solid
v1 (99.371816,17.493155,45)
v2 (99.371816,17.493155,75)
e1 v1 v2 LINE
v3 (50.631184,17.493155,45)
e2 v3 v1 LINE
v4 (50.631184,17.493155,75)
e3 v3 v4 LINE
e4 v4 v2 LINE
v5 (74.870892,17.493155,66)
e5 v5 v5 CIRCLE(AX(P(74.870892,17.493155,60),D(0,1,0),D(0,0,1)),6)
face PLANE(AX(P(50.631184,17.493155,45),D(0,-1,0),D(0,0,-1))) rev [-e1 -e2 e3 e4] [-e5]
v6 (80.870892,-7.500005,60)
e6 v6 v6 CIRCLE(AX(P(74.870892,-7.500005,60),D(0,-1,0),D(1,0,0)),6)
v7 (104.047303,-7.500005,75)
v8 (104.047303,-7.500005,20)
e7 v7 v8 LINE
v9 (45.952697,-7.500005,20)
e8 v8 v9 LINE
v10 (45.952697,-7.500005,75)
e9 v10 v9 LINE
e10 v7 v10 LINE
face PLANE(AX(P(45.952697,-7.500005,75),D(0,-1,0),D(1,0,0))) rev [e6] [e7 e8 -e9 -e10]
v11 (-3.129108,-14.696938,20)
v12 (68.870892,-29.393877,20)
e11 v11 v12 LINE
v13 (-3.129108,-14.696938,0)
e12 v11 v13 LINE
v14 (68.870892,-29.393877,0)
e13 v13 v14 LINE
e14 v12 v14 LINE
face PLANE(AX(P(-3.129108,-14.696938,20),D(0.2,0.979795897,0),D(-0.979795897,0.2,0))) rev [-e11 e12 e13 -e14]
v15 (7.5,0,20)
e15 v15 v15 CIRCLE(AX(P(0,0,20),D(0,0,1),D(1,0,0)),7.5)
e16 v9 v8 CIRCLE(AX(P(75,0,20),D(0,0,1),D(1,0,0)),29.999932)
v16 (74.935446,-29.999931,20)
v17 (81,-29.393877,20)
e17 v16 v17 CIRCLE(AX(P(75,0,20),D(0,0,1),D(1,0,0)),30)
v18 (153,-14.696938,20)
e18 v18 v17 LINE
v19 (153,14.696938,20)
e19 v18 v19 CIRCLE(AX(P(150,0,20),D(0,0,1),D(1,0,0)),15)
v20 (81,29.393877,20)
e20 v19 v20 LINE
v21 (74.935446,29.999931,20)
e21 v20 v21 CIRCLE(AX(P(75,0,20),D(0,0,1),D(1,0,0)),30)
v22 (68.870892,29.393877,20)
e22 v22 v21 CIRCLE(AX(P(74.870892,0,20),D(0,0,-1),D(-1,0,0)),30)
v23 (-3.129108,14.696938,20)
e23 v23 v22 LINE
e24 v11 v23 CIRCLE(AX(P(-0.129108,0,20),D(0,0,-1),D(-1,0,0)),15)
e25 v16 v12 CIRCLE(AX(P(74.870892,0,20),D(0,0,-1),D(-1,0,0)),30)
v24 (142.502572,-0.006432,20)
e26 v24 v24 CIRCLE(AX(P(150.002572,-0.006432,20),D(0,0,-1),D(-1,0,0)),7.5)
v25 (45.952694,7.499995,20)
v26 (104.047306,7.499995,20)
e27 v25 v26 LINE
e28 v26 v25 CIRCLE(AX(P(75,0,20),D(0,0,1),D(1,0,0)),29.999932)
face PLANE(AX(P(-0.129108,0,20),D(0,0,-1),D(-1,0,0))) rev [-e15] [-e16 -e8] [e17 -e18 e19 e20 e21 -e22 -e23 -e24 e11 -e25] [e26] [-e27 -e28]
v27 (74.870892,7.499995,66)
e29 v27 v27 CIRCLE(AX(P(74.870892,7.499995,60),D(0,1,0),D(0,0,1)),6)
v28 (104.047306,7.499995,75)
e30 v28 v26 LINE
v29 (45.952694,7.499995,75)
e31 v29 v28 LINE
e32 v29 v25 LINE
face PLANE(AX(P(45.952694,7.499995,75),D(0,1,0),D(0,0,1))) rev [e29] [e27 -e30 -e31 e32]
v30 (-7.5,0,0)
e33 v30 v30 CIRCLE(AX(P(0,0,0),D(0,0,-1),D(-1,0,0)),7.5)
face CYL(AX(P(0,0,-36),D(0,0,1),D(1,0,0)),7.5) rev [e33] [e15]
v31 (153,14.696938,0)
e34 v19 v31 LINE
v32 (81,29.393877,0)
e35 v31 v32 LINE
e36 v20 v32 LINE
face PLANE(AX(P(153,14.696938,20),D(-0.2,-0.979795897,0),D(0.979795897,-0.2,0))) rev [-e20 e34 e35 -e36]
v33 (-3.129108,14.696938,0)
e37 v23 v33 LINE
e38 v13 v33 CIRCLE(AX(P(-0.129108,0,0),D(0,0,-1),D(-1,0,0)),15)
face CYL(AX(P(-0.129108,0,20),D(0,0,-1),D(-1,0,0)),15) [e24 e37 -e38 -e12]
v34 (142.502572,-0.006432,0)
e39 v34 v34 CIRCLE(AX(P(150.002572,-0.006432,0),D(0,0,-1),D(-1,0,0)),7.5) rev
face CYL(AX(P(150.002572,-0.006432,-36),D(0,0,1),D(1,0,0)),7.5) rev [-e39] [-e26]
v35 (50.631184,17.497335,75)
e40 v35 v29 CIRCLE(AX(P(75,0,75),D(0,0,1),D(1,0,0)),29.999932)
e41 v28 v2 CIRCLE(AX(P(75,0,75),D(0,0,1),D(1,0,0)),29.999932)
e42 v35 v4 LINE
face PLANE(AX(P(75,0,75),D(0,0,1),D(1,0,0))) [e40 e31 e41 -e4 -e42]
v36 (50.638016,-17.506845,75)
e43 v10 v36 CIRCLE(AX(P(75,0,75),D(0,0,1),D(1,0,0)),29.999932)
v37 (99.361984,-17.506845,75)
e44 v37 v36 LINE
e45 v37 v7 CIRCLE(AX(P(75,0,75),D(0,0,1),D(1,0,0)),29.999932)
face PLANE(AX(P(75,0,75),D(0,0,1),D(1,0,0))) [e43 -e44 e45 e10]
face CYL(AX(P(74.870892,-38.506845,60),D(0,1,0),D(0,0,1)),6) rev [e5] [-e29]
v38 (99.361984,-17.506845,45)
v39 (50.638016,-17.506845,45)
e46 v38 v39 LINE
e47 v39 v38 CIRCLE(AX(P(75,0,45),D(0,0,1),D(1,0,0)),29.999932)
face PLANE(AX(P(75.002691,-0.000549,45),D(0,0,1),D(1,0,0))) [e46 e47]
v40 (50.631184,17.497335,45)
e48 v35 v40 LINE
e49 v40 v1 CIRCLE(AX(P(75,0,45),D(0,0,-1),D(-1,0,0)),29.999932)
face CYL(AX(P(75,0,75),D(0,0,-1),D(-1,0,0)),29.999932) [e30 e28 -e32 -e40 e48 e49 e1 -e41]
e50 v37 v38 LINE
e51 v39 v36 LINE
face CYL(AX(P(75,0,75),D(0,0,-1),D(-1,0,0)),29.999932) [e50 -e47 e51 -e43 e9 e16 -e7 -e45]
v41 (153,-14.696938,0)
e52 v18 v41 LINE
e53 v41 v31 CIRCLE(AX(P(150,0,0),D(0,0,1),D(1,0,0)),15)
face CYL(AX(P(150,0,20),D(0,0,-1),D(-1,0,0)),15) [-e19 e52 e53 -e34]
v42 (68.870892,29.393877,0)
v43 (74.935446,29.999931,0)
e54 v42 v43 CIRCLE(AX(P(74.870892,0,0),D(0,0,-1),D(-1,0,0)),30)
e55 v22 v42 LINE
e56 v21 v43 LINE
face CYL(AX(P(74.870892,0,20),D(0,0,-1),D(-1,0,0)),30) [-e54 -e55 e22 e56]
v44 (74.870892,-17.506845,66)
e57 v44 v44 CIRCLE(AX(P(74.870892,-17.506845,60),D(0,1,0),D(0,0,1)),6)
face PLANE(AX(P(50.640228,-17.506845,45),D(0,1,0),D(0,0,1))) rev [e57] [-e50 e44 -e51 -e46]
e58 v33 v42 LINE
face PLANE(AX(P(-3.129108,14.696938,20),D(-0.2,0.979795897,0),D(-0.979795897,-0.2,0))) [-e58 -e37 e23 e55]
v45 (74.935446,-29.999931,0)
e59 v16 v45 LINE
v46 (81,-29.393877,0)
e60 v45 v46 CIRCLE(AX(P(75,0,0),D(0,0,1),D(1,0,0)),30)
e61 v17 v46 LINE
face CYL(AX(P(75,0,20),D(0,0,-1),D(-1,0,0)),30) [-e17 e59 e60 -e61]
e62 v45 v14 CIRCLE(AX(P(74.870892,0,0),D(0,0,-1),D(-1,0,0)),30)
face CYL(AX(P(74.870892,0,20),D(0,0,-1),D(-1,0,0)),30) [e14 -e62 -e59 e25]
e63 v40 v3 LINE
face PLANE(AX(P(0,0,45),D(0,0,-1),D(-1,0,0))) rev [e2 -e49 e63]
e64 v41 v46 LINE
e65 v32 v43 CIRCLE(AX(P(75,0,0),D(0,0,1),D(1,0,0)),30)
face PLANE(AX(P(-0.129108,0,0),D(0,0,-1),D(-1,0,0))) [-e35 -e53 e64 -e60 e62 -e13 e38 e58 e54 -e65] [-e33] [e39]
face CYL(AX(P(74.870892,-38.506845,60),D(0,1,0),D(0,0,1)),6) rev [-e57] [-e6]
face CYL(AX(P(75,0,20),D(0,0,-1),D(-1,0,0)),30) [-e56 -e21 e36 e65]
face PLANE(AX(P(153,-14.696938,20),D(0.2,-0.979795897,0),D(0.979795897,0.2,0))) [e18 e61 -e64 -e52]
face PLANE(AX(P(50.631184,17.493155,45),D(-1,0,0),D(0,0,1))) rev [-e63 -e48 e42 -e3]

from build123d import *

# Parameters (mm, degrees)
SALIENTE_EXTRUIR1_DEPTH = 20
SALIENTE_EXTRUIR3_DEPTH = 55
CROQUIS9_W              = 48.743012572
CROQUIS9_H              = 22.844992385
CORTAR_EXTRUIR5_DEPTH   = 30
CROQUIS11_W             = 28.584477621
CROQUIS11_H             = 21.028069647
CORTAR_EXTRUIR6_DEPTH   = 30
CROQUIS12_R             = 6
CORTAR_EXTRUIR7_DEPTH   = 56
CROQUIS13_R             = 7.5
CORTAR_EXTRUIR8_DEPTH   = 56


with BuildPart() as part:
    # Croquis1 → Saliente-Extruir1 (new body)
    with BuildSketch(Plane.XY):
        with BuildLine():
            Line((153, 14.696938457), (81, 29.393876913))
            ThreePointArc((81, 29.393876913), (77.983153613, 29.851311437), (74.935446142, 29.999930547))
            ThreePointArc((74.935446142, 29.999930547), (71.887738672, 29.851311437), (68.870892285, 29.393876913))
            Line((68.870892285, 29.393876913), (-3.129107715, 14.696938457))
            ThreePointArc((-3.129107715, 14.696938457), (-15.129107715, 0), (-3.129107715, -14.696938457))
            Line((-3.129107715, -14.696938457), (68.870892285, -29.393876913))
            ThreePointArc((68.870892285, -29.393876913), (71.887738672, -29.851311437), (74.935446142, -29.999930547))
            ThreePointArc((74.935446142, -29.999930547), (77.983153613, -29.851311437), (81, -29.393876913))
            Line((81, -29.393876913), (153, -14.696938457))
            ThreePointArc((153, -14.696938457), (165, 0), (153, 14.696938457))
        make_face()
    extrude(amount=SALIENTE_EXTRUIR1_DEPTH)

    # Croquis3 → Saliente-Extruir3 (add)
    with BuildSketch(Plane.XY.offset(20)):
        with BuildLine():
            Line((45.952694142, 7.499995172), (104.047305858, 7.499995172))
            ThreePointArc((104.047305858, 7.499995172), (75, 29.999931754), (45.952694142, 7.499995172))
        make_face()
        with BuildLine():
            Line((45.952696635, -7.500004828), (104.047303365, -7.500004828))
            ThreePointArc((104.047303365, -7.500004828), (75, -29.999931754), (45.952696635, -7.500004828))
        make_face()
    extrude(amount=SALIENTE_EXTRUIR3_DEPTH)

    # Croquis9 → Cortar-Extruir5 (cut)
    with BuildSketch(Plane.XY.offset(75)):
        with Locations((75.002690531, 28.915651039)):
            Rectangle(CROQUIS9_W, CROQUIS9_H)
        with BuildLine():
            Line((50.640227559, -17.506845154), (99.365153503, -17.506845154))
            ThreePointArc((99.365153503, -17.506845154), (75.002690531, -30.000549202), (50.640227559, -17.506845154))
        make_face()
    extrude(amount=-CORTAR_EXTRUIR5_DEPTH, mode=Mode.SUBTRACT)

    # Croquis11 → Cortar-Extruir6 (cut)
    with BuildSketch(Plane.XY.offset(75)):
        with Locations((60.708867109, -28.020879978)):
            Rectangle(CROQUIS11_W, CROQUIS11_H)
    extrude(amount=-CORTAR_EXTRUIR6_DEPTH, mode=Mode.SUBTRACT)

    # Croquis12 → Cortar-Extruir7 (cut)
    with BuildSketch(Plane(origin=(0, 17.493154846, 0), x_dir=(1, 0, 0), z_dir=(0, 1, 0))):
        with Locations((74.870892285, -60)):
            Circle(CROQUIS12_R)
    extrude(amount=-CORTAR_EXTRUIR7_DEPTH, mode=Mode.SUBTRACT)

    # Croquis13 → Cortar-Extruir8 (cut)
    with BuildSketch(Plane.XY.offset(20)):
        Circle(CROQUIS13_R)
        with Locations((150.002572471, -0.006431991)):
            Circle(CROQUIS13_R)
    extrude(amount=-CORTAR_EXTRUIR8_DEPTH, mode=Mode.SUBTRACT)


solid = part.part
